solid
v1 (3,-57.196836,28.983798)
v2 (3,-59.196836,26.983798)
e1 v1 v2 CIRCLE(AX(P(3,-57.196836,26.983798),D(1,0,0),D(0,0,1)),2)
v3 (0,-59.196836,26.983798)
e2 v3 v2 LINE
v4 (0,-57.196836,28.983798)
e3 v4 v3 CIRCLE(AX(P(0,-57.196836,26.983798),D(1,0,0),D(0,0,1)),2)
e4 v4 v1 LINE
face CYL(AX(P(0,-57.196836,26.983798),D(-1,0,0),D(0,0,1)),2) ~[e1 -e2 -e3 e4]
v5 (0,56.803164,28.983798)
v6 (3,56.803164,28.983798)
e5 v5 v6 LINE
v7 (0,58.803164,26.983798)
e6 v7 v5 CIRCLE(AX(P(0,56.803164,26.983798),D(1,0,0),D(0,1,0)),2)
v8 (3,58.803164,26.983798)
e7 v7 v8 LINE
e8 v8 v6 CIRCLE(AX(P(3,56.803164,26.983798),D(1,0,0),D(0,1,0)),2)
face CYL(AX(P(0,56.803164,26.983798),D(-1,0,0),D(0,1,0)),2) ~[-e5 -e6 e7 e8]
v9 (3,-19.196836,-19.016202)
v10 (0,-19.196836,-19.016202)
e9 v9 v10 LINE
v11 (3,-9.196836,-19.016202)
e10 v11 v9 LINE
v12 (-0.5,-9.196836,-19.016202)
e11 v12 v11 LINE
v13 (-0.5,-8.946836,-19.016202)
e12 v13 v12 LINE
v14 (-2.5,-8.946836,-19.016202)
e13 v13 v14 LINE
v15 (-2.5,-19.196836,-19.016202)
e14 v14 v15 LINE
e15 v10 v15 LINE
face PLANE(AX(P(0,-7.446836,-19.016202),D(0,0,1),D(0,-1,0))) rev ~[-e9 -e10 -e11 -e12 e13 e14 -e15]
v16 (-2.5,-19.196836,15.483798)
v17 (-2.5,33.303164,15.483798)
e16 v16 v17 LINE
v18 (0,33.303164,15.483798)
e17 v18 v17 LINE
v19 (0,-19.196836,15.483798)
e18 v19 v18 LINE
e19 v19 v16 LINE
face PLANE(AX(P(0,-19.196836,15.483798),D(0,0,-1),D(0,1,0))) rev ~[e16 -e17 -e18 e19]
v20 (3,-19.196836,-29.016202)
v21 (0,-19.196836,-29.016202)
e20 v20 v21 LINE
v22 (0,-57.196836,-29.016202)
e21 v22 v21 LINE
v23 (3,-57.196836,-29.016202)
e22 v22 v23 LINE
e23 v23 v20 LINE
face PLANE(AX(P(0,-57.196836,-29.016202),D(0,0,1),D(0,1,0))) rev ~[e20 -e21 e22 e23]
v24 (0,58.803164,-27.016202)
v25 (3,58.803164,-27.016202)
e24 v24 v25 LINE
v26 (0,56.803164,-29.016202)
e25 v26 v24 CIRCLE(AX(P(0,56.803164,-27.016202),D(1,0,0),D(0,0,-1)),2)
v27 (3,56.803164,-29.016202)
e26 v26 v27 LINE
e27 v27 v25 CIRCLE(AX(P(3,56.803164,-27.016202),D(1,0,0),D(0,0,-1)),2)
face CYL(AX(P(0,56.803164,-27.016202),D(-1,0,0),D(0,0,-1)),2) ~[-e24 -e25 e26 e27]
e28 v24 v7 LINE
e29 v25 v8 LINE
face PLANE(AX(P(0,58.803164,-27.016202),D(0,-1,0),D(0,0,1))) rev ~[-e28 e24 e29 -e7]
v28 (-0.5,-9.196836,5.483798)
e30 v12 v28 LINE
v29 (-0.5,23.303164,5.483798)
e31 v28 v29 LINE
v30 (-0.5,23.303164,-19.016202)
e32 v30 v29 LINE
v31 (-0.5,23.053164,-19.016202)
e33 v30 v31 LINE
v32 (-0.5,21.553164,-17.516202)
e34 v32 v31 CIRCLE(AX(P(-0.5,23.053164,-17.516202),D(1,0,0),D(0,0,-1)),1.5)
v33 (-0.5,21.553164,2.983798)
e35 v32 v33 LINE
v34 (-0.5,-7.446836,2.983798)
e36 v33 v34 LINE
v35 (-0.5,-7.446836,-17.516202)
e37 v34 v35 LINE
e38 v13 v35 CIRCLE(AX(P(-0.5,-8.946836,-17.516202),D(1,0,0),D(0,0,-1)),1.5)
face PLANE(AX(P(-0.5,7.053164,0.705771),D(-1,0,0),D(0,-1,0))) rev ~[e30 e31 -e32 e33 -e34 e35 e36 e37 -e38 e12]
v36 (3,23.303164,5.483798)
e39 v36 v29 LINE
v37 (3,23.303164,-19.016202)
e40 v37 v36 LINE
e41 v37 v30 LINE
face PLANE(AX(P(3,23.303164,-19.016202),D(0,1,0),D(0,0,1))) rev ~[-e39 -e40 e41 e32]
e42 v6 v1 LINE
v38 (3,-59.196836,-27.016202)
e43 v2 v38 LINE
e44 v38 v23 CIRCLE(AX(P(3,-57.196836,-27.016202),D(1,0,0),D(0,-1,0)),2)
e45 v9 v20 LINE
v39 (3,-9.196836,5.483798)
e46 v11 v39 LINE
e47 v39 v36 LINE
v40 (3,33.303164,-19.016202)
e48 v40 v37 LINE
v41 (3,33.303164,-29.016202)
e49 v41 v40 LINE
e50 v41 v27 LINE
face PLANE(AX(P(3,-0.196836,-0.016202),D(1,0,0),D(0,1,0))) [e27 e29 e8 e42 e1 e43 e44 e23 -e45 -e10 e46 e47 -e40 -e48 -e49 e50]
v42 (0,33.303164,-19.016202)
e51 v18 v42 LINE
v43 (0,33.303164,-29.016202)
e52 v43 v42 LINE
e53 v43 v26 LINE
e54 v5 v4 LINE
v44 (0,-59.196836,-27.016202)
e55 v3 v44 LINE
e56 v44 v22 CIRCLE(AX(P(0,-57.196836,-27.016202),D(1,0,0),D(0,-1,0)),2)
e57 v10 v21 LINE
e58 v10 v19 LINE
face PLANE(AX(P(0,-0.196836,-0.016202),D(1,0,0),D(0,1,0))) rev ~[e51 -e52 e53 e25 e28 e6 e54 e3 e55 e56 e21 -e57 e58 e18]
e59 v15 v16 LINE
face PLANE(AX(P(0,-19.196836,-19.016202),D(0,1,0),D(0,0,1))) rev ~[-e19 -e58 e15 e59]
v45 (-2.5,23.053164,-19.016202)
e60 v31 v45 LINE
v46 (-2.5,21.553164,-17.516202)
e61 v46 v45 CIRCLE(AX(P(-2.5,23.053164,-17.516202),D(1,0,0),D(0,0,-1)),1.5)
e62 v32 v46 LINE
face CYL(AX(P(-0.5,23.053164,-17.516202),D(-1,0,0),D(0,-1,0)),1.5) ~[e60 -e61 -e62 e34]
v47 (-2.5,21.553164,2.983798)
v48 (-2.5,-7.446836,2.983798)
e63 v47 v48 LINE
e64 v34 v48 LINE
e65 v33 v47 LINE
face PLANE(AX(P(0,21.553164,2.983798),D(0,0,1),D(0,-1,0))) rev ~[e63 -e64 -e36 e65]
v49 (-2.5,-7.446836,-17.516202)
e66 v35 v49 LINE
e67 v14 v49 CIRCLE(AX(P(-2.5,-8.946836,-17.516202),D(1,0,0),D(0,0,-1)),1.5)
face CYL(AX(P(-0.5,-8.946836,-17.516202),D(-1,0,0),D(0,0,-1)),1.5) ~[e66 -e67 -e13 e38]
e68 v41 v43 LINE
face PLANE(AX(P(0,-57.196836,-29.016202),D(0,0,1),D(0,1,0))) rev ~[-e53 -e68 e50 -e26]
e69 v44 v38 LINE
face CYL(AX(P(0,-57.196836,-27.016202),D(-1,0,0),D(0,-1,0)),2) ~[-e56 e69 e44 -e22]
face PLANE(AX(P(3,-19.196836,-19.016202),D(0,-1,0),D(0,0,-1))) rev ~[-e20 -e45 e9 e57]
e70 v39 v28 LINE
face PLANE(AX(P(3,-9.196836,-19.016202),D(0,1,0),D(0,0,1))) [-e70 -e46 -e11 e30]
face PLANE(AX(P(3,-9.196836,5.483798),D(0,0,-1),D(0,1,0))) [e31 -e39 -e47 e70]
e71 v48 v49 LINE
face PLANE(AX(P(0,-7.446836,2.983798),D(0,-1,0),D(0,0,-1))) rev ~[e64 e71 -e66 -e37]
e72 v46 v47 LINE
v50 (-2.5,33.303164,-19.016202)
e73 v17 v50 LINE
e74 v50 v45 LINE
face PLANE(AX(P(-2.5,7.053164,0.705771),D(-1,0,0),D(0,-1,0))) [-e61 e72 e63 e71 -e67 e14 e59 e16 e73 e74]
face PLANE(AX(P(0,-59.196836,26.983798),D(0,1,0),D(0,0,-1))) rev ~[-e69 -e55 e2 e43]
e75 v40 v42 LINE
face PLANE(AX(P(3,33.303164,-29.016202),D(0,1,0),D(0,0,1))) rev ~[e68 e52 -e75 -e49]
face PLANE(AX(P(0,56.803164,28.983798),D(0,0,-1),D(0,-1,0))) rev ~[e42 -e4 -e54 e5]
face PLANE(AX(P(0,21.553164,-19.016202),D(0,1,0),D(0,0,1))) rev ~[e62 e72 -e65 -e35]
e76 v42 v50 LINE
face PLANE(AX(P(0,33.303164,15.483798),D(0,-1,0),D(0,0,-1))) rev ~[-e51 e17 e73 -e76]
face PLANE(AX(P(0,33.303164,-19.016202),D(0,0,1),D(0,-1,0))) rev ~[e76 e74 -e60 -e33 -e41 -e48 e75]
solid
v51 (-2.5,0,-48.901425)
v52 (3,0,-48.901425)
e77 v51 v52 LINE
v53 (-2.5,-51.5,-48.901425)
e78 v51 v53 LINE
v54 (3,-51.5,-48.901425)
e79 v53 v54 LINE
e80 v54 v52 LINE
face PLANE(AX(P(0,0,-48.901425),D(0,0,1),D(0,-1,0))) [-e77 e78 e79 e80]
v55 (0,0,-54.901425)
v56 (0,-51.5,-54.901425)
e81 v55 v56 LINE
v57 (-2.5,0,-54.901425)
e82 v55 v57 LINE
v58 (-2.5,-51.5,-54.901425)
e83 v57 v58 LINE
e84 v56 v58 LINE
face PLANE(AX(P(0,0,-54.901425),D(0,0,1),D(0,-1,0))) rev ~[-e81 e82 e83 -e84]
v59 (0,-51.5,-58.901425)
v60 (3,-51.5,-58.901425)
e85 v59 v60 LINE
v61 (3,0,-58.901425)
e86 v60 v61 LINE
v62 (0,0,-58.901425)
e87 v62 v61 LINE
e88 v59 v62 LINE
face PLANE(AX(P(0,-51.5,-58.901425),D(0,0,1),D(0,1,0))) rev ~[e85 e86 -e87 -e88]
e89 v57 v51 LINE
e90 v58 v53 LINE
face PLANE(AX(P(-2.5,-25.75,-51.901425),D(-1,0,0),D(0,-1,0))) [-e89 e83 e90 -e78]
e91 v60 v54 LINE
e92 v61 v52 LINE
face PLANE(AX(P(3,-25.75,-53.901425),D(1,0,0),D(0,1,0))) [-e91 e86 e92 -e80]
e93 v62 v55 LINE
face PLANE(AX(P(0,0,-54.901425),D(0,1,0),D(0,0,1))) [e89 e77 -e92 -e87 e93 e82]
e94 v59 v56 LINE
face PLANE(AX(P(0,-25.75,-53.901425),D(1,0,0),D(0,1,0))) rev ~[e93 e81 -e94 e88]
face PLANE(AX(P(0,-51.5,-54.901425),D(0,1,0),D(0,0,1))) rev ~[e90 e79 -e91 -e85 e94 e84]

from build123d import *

# Parameters (mm, degrees)
F1_DEPTH = 3
F0_W     = 51.5
F0_H     = 10
F2_W     = 32.5
F2_H     = 24.5
F3_DEPTH = 3.5
F5_DEPTH = 2.5
F6_DEPTH = 0.5
F7_W     = 51.5
F7_H     = 6
F8_DEPTH = 2.5
F9_R     = 1.5


with BuildPart() as f1:
    # F0 (on Right) → F1 (new body)
    with BuildSketch(Plane.YZ):
        with BuildLine():
            Line((56.8031638018, 28.9837977201), (-57.1968361982, 28.9837977201))
            ThreePointArc((-57.1968361982, 28.9837977201), (-58.6110497606, 28.3980112824), (-59.1968361982, 26.9837977201))
            Line((-59.1968361982, 26.9837977201), (-59.1968361982, -27.0162022799))
            ThreePointArc((-59.1968361982, -27.0162022799), (-58.6110497606, -28.4304158423), (-57.1968361982, -29.0162022799))
            Line((-57.1968361982, -29.0162022799), (56.8031638018, -29.0162022799))
            ThreePointArc((56.8031638018, -29.0162022799), (58.2173773641, -28.4304158423), (58.8031638018, -27.0162022799))
            Line((58.8031638018, -27.0162022799), (58.8031638018, 26.9837977201))
            ThreePointArc((58.8031638018, 26.9837977201), (58.2173773641, 28.3980112824), (56.8031638018, 28.9837977201))
        make_face()
    extrude(amount=F1_DEPTH)

    # F2 (on face) → F3 (cut)
    with BuildSketch(Plane.YZ.offset(3)):
        with Locations((7.0531638018, -6.7662022799)):
            Rectangle(F2_W, F2_H)
        Polygon((33.3031638018, -19.0162022799), (23.3031638018, -19.0162022799), (-9.1968361982, -19.0162022799), (-19.1968361982, -19.0162022799), (-19.1968361982, -29.0162022799), (33.3031638018, -29.0162022799), align=None)
    extrude(amount=-F3_DEPTH, mode=Mode.SUBTRACT)

    # F4 (on face) → F5 (join)
    with BuildSketch(Plane(origin=(0, 0, 0), x_dir=(0, -1, 0), z_dir=(-1, 0, 0))):
        Polygon((-33.3031638018, 15.4837977201), (-33.3031638018, -19.0162022799), (-23.3031638018, -19.0162022799), (-23.3031638018, 5.4837977201), (9.1968361982, 5.4837977201), (9.1968361982, -19.0162022799), (19.1968361982, -19.0162022799), (19.1968361982, 15.4837977201), align=None)
        Polygon((-23.3031638018, 5.4837977201), (-23.3031638018, -19.0162022799), (-21.5531638018, -19.0162022799), (-21.5531638018, 2.9837977201), (7.4468361982, 2.9837977201), (7.4468361982, -19.0162022799), (9.1968361982, -19.0162022799), (9.1968361982, 5.4837977201), align=None)
    extrude(amount=F5_DEPTH)

    # F6 (cut): a face of the model
    f6_faces = [f1.faces().sort_by_distance(p)[0] for p in [
        (0, 22.8961625733, -6.7662022799),
    ]]
    extrude(f6_faces, amount=-F6_DEPTH, mode=Mode.SUBTRACT)

    # F9
    f9_edges = [f1.edges().sort_by_distance(p)[0] for p in [
        (-1.5, -7.446836, -19.016202),
        (-1.5, 21.553164, -19.016202),
    ]]
    fillet(f9_edges, radius=F9_R)


with BuildPart() as f1b:
    # F0 (on Right) → F1, piece 2 (new body)
    with BuildSketch(Plane.YZ):
        with Locations((-25.75, -53.901425451)):
            Rectangle(F0_W, F0_H)
    extrude(amount=F1_DEPTH)

    # F7 (on face) → F8 (join)
    with BuildSketch(Plane(origin=(0, 0, 0), x_dir=(0, -1, 0), z_dir=(-1, 0, 0))):
        with Locations((25.75, -51.901425451)):
            Rectangle(F7_W, F7_H)
    extrude(amount=F8_DEPTH)


solid = Compound([f1.part, f1b.part])
